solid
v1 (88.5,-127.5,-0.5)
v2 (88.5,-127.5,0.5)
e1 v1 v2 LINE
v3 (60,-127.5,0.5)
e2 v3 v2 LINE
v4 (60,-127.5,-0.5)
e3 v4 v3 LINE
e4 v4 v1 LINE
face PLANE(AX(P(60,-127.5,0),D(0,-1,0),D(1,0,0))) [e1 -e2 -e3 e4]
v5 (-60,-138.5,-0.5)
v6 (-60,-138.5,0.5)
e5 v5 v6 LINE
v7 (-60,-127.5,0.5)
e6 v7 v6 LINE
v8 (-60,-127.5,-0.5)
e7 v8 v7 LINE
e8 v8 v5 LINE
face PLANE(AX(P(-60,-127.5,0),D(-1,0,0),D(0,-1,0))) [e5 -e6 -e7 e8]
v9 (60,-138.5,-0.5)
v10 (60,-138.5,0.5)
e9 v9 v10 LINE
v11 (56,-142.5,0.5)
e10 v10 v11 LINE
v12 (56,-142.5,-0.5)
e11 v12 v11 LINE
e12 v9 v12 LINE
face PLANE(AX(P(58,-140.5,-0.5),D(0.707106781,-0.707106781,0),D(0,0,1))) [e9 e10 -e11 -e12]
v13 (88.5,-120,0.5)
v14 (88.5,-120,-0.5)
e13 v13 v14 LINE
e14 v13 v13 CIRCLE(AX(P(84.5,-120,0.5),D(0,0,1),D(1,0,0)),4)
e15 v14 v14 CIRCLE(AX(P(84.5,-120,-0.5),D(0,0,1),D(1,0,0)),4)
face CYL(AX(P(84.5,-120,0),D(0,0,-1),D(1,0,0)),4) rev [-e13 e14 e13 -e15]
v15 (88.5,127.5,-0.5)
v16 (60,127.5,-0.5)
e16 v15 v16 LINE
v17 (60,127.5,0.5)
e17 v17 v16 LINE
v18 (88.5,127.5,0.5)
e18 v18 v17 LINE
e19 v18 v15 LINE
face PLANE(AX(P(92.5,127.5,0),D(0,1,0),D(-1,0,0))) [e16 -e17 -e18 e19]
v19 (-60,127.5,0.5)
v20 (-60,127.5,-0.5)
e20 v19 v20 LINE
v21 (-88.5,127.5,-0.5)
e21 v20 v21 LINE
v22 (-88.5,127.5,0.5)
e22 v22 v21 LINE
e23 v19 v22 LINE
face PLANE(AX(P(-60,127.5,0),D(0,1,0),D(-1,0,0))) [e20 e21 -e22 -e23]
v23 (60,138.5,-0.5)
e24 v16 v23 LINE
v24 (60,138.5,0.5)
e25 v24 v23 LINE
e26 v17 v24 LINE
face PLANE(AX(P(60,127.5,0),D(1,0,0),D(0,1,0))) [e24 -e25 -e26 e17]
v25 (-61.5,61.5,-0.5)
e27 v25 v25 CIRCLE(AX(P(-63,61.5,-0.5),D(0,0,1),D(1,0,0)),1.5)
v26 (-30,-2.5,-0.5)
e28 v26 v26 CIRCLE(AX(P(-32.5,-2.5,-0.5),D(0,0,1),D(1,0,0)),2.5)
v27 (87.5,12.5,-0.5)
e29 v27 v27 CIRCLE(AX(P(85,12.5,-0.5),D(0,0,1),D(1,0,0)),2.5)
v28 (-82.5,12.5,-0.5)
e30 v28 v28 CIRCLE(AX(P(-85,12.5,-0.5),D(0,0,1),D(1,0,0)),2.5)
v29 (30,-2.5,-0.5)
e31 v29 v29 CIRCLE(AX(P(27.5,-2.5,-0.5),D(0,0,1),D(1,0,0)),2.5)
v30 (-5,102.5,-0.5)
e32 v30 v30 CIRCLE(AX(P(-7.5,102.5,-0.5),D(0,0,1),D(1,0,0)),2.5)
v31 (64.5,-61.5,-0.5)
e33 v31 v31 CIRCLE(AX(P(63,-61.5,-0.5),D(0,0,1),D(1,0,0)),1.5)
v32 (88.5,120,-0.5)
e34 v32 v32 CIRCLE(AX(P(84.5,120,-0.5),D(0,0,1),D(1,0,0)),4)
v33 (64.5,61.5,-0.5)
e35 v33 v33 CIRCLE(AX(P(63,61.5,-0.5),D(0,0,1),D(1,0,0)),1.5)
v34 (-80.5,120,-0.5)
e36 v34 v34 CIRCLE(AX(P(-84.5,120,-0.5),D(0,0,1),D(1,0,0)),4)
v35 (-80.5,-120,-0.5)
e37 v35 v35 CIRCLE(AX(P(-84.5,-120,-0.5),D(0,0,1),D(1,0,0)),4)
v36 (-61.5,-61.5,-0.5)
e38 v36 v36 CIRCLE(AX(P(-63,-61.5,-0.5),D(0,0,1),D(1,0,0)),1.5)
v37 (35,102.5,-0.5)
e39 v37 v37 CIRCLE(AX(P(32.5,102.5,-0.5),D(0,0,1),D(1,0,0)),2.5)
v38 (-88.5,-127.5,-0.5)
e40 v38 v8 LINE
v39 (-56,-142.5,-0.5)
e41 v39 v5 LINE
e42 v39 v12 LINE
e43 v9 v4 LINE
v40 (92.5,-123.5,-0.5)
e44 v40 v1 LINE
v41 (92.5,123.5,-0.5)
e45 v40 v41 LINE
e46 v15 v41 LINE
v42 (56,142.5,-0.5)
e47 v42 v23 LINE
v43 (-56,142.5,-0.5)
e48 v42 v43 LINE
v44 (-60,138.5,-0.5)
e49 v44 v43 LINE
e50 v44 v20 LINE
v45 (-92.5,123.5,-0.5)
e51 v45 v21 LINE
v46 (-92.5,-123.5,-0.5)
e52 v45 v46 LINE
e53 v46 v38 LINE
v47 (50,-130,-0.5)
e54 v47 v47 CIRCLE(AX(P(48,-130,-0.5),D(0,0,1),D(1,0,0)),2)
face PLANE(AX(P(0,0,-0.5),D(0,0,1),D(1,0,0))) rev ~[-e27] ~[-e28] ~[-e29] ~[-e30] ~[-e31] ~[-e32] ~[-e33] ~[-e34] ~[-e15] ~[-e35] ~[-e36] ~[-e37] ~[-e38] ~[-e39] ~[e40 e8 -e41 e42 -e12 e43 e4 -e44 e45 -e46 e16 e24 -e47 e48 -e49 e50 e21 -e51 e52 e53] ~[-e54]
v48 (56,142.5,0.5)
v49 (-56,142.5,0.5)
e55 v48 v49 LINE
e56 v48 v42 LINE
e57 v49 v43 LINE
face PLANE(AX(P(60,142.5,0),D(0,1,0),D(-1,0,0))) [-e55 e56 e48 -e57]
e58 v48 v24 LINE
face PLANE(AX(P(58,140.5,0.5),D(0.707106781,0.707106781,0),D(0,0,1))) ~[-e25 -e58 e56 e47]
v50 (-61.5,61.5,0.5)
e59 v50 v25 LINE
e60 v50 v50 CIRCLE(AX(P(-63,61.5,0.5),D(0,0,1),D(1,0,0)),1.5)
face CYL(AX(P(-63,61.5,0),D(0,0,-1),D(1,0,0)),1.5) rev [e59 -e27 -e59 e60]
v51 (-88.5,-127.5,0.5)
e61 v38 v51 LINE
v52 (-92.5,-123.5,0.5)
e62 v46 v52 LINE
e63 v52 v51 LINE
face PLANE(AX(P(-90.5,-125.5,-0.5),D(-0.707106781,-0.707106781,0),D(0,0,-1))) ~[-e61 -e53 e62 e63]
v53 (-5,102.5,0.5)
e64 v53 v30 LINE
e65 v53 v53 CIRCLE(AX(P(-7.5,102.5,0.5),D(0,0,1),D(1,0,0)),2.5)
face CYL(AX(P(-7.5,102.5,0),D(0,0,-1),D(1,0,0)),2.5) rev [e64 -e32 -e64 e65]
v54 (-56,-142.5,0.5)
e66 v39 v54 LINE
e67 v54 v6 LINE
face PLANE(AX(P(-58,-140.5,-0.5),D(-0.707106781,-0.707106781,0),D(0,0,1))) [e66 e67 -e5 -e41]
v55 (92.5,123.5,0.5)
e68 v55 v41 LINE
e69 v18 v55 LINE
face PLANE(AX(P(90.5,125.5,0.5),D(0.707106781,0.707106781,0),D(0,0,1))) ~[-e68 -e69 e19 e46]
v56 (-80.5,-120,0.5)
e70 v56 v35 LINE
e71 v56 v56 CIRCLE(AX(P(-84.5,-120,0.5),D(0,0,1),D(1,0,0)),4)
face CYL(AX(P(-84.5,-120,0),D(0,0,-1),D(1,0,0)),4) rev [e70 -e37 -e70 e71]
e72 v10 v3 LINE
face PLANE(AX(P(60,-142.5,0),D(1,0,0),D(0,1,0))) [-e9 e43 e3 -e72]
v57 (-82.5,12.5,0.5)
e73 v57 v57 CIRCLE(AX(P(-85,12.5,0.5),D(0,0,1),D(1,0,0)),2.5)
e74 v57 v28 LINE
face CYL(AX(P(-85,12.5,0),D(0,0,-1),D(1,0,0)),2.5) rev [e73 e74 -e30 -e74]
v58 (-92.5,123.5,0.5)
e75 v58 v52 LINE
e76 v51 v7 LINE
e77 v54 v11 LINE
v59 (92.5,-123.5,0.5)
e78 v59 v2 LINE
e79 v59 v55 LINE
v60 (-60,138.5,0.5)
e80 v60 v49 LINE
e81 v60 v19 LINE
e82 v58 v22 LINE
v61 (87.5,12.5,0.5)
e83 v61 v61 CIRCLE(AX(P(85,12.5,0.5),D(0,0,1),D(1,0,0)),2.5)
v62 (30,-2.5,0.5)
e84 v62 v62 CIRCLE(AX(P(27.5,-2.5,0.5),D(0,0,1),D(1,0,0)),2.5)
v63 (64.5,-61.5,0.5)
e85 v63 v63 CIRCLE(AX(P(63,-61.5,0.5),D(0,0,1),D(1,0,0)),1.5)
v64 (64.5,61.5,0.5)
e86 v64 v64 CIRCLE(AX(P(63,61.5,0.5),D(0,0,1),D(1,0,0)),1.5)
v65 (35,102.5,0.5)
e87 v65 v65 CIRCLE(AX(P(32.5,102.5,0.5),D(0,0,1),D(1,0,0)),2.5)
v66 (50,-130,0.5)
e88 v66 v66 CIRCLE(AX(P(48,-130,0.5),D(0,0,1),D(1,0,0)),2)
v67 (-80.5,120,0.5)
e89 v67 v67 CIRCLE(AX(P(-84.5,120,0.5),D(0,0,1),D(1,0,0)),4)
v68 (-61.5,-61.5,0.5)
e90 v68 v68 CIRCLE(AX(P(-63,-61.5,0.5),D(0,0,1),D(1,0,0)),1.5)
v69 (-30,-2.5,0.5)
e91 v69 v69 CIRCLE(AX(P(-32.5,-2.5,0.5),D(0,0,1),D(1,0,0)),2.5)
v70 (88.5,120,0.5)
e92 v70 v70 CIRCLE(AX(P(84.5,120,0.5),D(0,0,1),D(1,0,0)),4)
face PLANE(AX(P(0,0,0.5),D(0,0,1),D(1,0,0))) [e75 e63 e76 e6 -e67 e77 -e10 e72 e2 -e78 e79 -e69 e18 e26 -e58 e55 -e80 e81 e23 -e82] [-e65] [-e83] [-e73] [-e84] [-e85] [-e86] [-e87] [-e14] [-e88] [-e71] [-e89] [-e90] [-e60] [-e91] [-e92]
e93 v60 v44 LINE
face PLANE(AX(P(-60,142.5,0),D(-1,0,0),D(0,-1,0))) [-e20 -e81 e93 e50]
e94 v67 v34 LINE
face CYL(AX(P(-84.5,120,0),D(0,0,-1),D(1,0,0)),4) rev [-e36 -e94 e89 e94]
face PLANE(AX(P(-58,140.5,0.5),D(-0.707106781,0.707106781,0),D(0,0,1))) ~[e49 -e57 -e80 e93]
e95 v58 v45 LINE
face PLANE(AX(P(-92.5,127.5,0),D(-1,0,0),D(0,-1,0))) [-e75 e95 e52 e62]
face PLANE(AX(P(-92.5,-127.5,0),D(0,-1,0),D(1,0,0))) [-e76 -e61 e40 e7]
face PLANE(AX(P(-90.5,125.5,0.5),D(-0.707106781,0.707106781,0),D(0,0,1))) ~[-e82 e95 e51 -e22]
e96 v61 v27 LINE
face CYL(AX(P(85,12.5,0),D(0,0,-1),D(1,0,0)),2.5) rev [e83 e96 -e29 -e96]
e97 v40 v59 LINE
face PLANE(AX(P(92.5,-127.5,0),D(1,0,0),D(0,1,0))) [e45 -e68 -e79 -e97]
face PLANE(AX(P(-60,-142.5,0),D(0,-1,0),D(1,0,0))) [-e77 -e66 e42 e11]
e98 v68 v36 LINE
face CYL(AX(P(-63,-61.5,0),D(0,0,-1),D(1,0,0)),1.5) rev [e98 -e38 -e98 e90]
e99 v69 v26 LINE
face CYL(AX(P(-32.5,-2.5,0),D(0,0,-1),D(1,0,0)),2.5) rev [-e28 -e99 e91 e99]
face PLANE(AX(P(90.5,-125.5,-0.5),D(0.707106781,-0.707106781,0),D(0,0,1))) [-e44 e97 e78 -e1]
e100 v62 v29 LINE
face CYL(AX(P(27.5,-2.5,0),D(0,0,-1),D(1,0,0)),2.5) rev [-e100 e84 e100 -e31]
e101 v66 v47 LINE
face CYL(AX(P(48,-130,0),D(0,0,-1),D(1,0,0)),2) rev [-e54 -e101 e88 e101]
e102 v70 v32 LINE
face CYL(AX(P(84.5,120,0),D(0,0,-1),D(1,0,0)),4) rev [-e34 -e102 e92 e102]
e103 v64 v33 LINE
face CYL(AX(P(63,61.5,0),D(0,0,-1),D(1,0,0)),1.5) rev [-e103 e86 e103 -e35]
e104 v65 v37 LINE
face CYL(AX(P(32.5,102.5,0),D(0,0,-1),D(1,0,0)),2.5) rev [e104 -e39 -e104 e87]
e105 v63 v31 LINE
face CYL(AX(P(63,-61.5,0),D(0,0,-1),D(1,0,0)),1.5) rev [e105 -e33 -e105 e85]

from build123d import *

# Parameters (mm, degrees)
F0_R     = 4
F0_R_2   = 1.5
F0_R_3   = 2.5
F0_R_4   = 2
F1_DEPTH = 0.5
F2_SIZE  = 4


with BuildPart() as f1:
    # F0 (on Top) → F1 (new body, symmetric)
    with BuildSketch(Plane.XY):
        Polygon((-92.5, 127.5), (-92.5, 0), (-92.5, -127.5), (-60, -127.5), (-60, -142.5), (0, -142.5), (60, -142.5), (60, -127.5), (92.5, -127.5), (92.5, 0), (92.5, 127.5), (60, 127.5), (60, 142.5), (0, 142.5), (-60, 142.5), (-60, 127.5), align=None)
        with Locations((-84.5, -120)):
            Circle(F0_R, mode=Mode.SUBTRACT)
        with Locations((-63, -61.5)):
            Circle(F0_R_2, mode=Mode.SUBTRACT)
        with Locations((-32.5, -2.5)):
            Circle(F0_R_3, mode=Mode.SUBTRACT)
        with Locations((48, -130)):
            Circle(F0_R_4, mode=Mode.SUBTRACT)
        with Locations((84.5, -120)):
            Circle(F0_R, mode=Mode.SUBTRACT)
        with Locations((27.5, -2.5)):
            Circle(F0_R_3, mode=Mode.SUBTRACT)
        with Locations((63, -61.5)):
            Circle(F0_R_2, mode=Mode.SUBTRACT)
        with Locations((-85, 12.5)):
            Circle(F0_R_3, mode=Mode.SUBTRACT)
        with Locations((-63, 61.5)):
            Circle(F0_R_2, mode=Mode.SUBTRACT)
        with Locations((-84.5, 120)):
            Circle(F0_R, mode=Mode.SUBTRACT)
        with Locations((-7.5, 102.5)):
            Circle(F0_R_3, mode=Mode.SUBTRACT)
        with Locations((85, 12.5)):
            Circle(F0_R_3, mode=Mode.SUBTRACT)
        with Locations((63, 61.5)):
            Circle(F0_R_2, mode=Mode.SUBTRACT)
        with Locations((32.5, 102.5)):
            Circle(F0_R_3, mode=Mode.SUBTRACT)
        with Locations((84.5, 120)):
            Circle(F0_R, mode=Mode.SUBTRACT)
    extrude(amount=F1_DEPTH, both=True)

    # F2
    f2_edges = [f1.edges().sort_by_distance(p)[0] for p in [
        (-92.5, 127.5, 0),
        (-60, 142.5, 0),
        (60, 142.5, 0),
        (92.5, 127.5, 0),
        (92.5, -127.5, 0),
        (60, -142.5, 0),
        (-60, -142.5, 0),
        (-92.5, -127.5, 0),
    ]]
    chamfer(f2_edges, length=F2_SIZE)


solid = f1.part
